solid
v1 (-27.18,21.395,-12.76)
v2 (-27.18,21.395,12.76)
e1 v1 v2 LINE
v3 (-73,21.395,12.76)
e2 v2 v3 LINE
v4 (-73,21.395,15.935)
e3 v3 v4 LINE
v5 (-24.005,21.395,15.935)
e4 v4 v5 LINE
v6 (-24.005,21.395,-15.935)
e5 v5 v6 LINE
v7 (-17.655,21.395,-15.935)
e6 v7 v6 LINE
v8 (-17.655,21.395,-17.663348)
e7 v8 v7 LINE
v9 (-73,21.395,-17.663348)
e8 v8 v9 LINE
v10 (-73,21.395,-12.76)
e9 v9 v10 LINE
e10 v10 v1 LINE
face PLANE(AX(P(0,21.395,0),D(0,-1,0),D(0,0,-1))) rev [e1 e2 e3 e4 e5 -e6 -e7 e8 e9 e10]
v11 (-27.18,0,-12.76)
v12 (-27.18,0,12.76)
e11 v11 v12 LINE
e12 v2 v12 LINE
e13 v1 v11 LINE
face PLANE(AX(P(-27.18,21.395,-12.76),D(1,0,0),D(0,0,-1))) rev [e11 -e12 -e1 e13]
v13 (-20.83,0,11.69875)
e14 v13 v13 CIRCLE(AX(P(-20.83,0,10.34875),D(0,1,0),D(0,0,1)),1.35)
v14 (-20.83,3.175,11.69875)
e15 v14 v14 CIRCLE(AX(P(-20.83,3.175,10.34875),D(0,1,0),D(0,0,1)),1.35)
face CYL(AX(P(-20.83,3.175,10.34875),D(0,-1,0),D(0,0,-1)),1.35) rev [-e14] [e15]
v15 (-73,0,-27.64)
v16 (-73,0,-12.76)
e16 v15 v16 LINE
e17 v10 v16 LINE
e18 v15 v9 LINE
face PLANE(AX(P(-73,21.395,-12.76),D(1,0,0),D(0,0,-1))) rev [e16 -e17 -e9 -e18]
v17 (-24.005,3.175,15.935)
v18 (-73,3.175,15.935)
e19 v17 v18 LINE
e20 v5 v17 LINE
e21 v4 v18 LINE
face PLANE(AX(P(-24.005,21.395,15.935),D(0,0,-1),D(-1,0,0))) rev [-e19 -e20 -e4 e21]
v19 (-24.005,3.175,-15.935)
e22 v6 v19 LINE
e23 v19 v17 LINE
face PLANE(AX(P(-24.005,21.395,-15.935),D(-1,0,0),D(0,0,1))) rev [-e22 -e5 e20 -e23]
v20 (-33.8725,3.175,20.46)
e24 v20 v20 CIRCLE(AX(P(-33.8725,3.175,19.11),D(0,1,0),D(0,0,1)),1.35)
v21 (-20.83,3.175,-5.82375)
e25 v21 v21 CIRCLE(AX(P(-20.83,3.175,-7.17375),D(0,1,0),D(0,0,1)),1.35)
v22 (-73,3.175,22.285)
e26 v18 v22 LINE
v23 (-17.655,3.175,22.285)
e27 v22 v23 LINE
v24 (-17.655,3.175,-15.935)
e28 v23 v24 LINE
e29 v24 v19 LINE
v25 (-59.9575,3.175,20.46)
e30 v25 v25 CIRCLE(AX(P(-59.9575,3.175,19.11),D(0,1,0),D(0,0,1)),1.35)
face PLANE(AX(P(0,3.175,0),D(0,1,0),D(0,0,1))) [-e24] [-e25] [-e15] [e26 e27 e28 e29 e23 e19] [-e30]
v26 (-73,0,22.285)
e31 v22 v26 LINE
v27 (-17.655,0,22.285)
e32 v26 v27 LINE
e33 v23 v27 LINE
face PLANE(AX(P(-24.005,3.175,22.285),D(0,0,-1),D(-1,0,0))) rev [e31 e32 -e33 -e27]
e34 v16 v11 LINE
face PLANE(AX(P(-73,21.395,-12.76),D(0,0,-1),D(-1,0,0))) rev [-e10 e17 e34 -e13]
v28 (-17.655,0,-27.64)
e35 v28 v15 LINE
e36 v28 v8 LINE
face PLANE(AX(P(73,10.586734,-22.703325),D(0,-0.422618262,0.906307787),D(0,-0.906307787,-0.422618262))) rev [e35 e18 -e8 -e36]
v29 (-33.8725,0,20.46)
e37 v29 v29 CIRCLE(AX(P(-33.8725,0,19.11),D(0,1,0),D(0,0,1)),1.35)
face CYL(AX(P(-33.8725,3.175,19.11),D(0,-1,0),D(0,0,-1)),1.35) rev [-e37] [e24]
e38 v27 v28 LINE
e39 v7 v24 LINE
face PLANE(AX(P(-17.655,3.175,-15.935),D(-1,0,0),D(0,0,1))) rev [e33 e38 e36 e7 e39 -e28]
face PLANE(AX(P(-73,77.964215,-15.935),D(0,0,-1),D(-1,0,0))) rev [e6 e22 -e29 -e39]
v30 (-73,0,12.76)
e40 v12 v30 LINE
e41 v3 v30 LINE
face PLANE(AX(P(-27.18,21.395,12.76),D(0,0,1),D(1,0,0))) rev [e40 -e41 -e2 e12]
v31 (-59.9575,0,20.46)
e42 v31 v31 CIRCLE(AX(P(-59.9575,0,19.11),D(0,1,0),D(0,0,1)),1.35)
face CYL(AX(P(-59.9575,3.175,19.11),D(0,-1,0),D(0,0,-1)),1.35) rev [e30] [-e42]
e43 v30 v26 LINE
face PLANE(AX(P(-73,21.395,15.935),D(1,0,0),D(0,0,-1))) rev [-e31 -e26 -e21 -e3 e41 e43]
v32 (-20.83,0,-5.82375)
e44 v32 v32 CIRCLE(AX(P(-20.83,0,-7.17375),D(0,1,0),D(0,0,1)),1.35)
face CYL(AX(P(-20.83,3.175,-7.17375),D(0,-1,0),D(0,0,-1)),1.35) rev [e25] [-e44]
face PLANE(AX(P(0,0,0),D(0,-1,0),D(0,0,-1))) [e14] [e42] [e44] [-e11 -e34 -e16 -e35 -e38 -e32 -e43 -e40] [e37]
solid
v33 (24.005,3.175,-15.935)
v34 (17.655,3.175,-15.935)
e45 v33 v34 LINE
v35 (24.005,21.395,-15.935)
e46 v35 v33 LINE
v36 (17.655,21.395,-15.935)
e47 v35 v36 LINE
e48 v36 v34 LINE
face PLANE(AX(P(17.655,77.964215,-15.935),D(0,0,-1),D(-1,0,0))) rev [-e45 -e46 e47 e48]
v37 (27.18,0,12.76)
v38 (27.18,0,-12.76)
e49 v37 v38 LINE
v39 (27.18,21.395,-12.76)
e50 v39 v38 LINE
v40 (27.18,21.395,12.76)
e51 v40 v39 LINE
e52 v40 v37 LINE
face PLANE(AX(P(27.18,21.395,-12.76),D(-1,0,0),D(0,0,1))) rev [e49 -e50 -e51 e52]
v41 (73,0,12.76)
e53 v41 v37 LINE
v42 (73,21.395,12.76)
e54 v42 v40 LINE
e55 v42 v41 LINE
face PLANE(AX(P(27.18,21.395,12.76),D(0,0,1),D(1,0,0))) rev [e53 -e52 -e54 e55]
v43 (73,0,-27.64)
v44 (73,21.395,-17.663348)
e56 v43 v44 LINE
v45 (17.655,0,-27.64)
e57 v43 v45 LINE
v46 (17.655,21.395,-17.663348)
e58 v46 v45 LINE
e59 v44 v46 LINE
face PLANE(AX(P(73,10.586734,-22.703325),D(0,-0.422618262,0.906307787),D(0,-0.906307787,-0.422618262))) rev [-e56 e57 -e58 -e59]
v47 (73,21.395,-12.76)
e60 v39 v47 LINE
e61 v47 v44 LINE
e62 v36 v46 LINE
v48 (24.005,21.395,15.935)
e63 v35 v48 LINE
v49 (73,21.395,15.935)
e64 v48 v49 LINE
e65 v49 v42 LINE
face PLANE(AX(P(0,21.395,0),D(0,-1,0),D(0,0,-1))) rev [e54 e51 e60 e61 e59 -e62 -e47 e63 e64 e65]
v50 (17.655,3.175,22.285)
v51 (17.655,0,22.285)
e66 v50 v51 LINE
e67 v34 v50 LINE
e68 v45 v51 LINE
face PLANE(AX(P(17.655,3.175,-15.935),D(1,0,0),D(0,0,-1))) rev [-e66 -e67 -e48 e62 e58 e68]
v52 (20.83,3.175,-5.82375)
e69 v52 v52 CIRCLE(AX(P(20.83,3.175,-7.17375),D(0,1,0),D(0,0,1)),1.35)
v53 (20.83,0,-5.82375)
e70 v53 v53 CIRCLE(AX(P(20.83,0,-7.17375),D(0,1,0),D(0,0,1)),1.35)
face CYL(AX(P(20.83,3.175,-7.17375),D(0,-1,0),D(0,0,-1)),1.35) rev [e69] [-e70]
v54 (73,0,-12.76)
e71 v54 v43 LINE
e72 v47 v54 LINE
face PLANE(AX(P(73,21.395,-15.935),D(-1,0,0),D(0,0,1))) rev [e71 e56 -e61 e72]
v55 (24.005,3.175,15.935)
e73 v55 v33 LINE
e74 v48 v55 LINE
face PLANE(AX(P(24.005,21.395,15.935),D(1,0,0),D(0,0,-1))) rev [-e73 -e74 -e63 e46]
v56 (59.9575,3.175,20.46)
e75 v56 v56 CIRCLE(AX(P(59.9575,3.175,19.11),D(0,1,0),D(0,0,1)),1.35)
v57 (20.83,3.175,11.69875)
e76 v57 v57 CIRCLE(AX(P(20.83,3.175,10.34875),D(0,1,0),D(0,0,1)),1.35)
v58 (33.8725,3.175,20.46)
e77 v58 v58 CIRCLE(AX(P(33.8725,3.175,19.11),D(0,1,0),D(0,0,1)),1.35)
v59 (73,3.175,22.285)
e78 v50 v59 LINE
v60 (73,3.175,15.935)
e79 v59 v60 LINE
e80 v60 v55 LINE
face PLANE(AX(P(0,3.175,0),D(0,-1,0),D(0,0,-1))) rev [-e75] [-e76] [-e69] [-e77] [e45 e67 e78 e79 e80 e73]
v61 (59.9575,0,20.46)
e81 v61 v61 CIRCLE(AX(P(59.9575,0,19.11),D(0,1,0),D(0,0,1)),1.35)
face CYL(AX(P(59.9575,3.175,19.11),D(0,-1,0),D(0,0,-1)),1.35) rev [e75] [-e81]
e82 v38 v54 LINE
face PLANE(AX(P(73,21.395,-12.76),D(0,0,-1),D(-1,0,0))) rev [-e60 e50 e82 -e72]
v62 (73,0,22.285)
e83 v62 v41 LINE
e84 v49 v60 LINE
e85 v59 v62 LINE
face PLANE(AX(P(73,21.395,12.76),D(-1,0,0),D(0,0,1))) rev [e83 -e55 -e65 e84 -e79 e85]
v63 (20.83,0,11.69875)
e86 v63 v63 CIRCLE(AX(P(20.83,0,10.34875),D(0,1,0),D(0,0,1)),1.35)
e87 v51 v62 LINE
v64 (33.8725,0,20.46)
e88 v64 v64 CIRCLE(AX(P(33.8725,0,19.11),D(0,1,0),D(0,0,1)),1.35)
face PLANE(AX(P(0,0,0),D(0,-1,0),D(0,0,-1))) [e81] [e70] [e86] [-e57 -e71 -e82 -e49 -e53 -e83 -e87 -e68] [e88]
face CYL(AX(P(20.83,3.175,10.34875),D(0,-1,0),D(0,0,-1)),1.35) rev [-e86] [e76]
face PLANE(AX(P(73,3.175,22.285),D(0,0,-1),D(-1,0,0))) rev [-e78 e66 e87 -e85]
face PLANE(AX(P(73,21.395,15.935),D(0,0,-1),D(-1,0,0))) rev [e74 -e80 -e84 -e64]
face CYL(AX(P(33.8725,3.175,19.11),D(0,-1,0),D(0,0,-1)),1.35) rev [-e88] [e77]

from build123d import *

# Parameters (mm, degrees)
BOSS_EXTRUDE1_DEPTH   = 21.395
BOSS_EXTRUDE1_2_DEPTH = 21.395
SKETCH2_R             = 1.35
BOSS_EXTRUDE2_DEPTH   = 3.175
SKETCH4_W             = 55.345
SKETCH4_H             = 11.705
BOSS_EXTRUDE3_DEPTH   = 21.395
CUT_EXTRUDE1_DEPTH    = 151.12566611


with BuildPart() as part:
    # Sketch1 → Boss-Extrude1 (new body)
    with BuildSketch(Plane(origin=(0, 0, 0), x_dir=(1, 0, 0), z_dir=(0, 1, 0))):
        Polygon((-73, 12.76), (-27.18, 12.76), (-27.18, -12.76), (-73, -12.76), (-73, -15.935), (-24.005, -15.935), (-24.005, 15.935), (-73, 15.935), align=None)
    extrude(amount=BOSS_EXTRUDE1_DEPTH)



with BuildPart() as body_2:
    # Sketch1 → Boss-Extrude1 2 (new body)
    with BuildSketch(Plane(origin=(0, 0, 0), x_dir=(1, 0, 0), z_dir=(0, 1, 0))):
        Polygon((73, 12.76), (27.18, 12.76), (27.18, -12.76), (73, -12.76), (73, -15.935), (24.005, -15.935), (24.005, 15.935), (73, 15.935), align=None)
    extrude(amount=BOSS_EXTRUDE1_2_DEPTH)


with BuildPart() as part_1:
    add(part.part)

    add(body_2.part)  # Boss-Extrude2 merges body 2
    # Sketch2 → Boss-Extrude2 (add)
    # profile 1 of 2: a face of its own
    with BuildSketch(Plane(origin=(0, 0, 0), x_dir=(1, 0, 0), z_dir=(0, 1, 0))):
        Polygon((-73, -15.935), (-24.005, -15.935), (-24.005, 15.935), (-17.655, 15.935), (-17.655, -22.285), (-24.005, -22.285), (-73, -22.285), align=None)
        with Locations(Location((-20.83, -10.34875, 0), (0, 0, 270))):
            Circle(SKETCH2_R, mode=Mode.SUBTRACT)
        with Locations(Location((-20.83, 7.17375, 0), (0, 0, 270))):
            Circle(SKETCH2_R, mode=Mode.SUBTRACT)
        with Locations(Location((-59.9575, -19.11, 0), (0, 0, 270))):
            Circle(SKETCH2_R, mode=Mode.SUBTRACT)
        with Locations(Location((-33.8725, -19.11, 0), (0, 0, 270))):
            Circle(SKETCH2_R, mode=Mode.SUBTRACT)
    # profile 2 of 2: a face of its own
    with BuildSketch(Plane(origin=(0, 0, 0), x_dir=(1, 0, 0), z_dir=(0, 1, 0))):
        Polygon((73, -15.935), (24.005, -15.935), (24.005, 15.935), (17.655, 15.935), (17.655, -22.285), (24.005, -22.285), (73, -22.285), align=None)
        with Locations(Location((20.83, 7.17375, 0), (0, 0, 270))):
            Circle(SKETCH2_R, mode=Mode.SUBTRACT)
        with Locations(Location((20.83, -10.34875, 0), (0, 0, 270))):
            Circle(SKETCH2_R, mode=Mode.SUBTRACT)
        with Locations(Location((33.8725, -19.11, 0), (0, 0, 270))):
            Circle(SKETCH2_R, mode=Mode.SUBTRACT)
        with Locations(Location((59.9575, -19.11, 0), (0, 0, 270))):
            Circle(SKETCH2_R, mode=Mode.SUBTRACT)
    extrude(amount=BOSS_EXTRUDE2_DEPTH)

    # Sketch4 → Boss-Extrude3 (add)
    with BuildSketch(Plane(origin=(0, 0, 0), x_dir=(1, 0, 0), z_dir=(0, 1, 0))):
        with Locations((-45.3275, 21.7875)):
            Rectangle(SKETCH4_W, SKETCH4_H)
        with Locations((45.3275, 21.7875)):
            Rectangle(SKETCH4_W, SKETCH4_H)
    extrude(amount=BOSS_EXTRUDE3_DEPTH)

    # Sketch5 → Cut-Extrude1 (cut, through all)
    with BuildSketch(Plane.ZY.offset(73)):
        Polygon((-27.64, 21.395), (-27.64, 0), (-17.663347654, 21.395), align=None)
    extrude(amount=-CUT_EXTRUDE1_DEPTH, mode=Mode.SUBTRACT)


solid = part_1.part
